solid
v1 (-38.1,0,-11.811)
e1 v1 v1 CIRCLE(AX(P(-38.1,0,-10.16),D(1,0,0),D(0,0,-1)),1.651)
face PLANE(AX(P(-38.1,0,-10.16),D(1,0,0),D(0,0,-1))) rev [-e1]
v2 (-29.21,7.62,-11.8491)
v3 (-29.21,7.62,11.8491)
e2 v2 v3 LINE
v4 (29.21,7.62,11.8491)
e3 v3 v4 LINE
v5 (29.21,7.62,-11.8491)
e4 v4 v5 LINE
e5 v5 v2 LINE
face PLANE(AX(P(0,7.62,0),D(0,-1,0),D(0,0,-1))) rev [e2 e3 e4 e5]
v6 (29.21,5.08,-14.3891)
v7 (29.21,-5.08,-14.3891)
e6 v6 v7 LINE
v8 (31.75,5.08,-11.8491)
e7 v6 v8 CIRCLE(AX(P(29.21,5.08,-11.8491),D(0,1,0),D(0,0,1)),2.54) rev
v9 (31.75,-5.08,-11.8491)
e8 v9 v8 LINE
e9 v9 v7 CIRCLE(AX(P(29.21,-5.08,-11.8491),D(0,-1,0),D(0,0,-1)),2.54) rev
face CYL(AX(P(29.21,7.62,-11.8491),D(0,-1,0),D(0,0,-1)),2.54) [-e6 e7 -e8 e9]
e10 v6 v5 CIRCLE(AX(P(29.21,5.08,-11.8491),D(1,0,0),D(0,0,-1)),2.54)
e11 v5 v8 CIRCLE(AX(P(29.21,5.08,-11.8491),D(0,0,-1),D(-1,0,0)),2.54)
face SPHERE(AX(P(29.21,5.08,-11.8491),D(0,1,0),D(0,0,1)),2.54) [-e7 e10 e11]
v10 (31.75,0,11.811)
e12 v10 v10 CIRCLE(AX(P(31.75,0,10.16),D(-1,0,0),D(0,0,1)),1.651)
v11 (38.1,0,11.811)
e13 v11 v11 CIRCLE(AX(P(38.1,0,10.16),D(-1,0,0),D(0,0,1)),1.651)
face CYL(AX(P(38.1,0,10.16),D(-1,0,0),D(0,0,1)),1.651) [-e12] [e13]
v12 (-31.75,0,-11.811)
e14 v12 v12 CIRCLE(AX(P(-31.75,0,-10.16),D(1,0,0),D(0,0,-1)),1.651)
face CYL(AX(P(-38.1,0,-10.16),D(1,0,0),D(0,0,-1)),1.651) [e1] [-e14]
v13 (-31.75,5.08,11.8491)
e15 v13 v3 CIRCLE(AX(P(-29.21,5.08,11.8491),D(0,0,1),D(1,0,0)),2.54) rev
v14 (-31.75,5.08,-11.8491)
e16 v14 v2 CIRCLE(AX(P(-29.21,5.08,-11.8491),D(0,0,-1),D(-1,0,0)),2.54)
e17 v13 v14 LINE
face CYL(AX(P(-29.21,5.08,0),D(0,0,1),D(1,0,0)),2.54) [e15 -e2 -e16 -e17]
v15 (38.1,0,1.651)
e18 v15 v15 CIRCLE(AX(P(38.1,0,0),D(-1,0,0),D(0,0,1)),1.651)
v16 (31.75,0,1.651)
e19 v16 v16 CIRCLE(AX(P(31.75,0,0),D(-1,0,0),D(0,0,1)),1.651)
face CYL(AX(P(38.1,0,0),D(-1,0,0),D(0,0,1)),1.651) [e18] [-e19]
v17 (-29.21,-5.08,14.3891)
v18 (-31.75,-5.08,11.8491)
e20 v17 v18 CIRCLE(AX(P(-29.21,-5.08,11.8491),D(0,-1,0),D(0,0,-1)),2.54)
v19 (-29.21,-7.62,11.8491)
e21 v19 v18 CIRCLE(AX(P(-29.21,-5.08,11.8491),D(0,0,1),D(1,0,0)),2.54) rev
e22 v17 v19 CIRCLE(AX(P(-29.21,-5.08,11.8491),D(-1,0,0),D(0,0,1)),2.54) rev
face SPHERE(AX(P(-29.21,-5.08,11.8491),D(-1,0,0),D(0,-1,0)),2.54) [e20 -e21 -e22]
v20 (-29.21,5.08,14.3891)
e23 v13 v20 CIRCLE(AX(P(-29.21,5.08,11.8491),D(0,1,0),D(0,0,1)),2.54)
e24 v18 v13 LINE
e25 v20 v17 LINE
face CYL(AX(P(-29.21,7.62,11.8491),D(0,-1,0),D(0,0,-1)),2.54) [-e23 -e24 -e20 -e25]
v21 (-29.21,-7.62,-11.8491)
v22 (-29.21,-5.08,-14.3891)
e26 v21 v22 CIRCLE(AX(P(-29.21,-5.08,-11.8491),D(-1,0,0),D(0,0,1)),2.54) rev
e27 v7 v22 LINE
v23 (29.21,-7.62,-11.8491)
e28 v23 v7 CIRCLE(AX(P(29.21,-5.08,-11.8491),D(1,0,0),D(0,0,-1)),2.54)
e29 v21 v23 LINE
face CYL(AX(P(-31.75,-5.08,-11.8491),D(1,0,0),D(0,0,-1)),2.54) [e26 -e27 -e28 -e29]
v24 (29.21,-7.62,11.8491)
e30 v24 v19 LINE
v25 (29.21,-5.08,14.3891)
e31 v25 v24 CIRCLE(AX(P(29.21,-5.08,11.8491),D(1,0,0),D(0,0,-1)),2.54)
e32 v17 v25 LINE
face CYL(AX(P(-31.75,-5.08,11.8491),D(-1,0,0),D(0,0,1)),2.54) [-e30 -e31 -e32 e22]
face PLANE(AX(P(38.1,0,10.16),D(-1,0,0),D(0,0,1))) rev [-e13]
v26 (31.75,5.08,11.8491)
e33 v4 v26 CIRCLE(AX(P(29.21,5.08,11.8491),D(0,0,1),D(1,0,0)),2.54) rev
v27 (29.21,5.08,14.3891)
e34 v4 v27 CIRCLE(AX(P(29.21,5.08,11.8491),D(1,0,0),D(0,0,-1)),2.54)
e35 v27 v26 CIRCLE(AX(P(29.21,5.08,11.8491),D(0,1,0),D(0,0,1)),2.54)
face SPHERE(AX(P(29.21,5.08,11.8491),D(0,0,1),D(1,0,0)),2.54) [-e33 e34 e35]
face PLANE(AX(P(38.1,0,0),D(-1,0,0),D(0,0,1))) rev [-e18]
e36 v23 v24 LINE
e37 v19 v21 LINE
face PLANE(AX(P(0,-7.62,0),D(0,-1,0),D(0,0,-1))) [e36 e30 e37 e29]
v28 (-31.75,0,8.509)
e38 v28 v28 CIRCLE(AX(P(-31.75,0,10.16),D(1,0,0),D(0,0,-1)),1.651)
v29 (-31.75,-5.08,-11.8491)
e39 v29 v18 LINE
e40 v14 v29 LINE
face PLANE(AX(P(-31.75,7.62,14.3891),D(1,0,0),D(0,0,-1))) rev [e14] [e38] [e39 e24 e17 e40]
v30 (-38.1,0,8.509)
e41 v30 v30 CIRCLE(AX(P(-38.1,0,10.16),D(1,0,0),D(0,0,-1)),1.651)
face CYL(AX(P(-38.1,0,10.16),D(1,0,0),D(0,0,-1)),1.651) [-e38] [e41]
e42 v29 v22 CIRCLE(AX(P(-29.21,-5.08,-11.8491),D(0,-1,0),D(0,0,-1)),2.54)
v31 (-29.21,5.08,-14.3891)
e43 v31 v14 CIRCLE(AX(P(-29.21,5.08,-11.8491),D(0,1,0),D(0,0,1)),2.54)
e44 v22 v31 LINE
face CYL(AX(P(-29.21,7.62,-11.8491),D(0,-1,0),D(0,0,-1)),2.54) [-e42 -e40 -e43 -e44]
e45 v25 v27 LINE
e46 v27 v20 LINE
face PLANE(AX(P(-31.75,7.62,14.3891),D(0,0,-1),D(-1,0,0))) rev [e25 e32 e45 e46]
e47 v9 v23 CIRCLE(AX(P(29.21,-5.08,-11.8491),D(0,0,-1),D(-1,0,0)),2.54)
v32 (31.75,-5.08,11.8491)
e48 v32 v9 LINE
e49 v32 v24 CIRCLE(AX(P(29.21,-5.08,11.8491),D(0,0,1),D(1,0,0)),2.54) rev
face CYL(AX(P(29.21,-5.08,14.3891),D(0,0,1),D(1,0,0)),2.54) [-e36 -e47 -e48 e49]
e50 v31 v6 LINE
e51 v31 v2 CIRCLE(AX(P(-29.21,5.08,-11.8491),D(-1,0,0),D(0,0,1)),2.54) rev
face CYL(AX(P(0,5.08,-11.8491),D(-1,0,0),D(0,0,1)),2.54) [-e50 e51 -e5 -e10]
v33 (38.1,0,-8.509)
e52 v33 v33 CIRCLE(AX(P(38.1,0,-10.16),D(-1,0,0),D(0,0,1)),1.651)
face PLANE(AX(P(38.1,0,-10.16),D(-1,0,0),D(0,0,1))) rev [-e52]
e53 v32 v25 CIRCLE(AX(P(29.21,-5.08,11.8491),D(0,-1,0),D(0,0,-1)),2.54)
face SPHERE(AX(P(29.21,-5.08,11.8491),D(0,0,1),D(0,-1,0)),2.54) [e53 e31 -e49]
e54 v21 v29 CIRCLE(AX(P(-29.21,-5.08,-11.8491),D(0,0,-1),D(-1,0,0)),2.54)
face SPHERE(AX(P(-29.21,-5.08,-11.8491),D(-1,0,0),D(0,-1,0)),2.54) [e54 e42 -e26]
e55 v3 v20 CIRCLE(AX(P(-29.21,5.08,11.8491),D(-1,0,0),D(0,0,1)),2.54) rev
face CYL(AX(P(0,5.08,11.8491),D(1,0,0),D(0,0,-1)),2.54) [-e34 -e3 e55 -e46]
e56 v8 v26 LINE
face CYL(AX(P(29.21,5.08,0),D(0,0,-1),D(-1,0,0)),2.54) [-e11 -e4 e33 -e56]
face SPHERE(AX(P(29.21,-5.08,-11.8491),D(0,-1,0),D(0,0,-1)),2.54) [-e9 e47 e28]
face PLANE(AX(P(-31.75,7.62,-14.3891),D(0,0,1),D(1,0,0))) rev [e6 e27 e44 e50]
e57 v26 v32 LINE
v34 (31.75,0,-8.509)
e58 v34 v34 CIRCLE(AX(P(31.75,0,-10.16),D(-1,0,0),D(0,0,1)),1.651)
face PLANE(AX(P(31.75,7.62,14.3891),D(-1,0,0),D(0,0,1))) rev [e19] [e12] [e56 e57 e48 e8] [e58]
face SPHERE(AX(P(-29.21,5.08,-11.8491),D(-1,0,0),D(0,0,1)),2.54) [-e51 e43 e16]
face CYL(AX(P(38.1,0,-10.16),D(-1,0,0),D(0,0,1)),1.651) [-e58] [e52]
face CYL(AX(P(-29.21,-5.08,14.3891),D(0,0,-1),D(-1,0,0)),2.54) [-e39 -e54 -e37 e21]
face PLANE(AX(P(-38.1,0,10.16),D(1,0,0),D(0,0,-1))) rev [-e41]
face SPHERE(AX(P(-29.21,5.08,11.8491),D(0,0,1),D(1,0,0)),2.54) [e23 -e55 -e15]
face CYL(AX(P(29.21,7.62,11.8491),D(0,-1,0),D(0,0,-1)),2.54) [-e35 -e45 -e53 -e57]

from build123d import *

# Parameters (mm, degrees)
SKETCH1_W           = 63.5
SKETCH1_H           = 28.7782
BOSS_EXTRUDE1_DEPTH = 7.62
FILLET1_R           = 2.54
BOSS_EXTRUDE2_START = 31.75
SKETCH2_R           = 1.651
BOSS_EXTRUDE2_DEPTH = 6.35
BOSS_EXTRUDE3_START = -31.75
SKETCH2_2_R         = 1.651
BOSS_EXTRUDE3_DEPTH = 6.35


with BuildPart() as part:
    # Sketch1 → Boss-Extrude1 (new body, symmetric)
    with BuildSketch(Plane(origin=(0, 0, 0), x_dir=(1, 0, 0), z_dir=(0, 1, 0))):
        Rectangle(SKETCH1_W, SKETCH1_H)
    extrude(amount=BOSS_EXTRUDE1_DEPTH, both=True)

    # Fillet1
    fillet1_edges = [part.edges().sort_by_distance(p)[0] for p in [
        (-31.75, 7.62, 0),
        (0, 7.62, 14.3891),
        (31.75, 7.62, 0),
        (0, -7.62, 14.3891),
        (-31.75, -7.62, 0),
        (0, -7.62, -14.3891),
        (31.75, -7.62, 0),
        (31.75, 0, 14.3891),
        (-31.75, 0, 14.3891),
        (-31.75, 0, -14.3891),
        (31.75, 0, -14.3891),
        (0, 7.62, -14.3891),
    ]]
    fillet(fillet1_edges, radius=FILLET1_R)

    # Sketch2 → Boss-Extrude2 (add)
    with BuildSketch(Plane(origin=(0, 0, 0), x_dir=(0, 0, -1), z_dir=(1, 0, 0)).offset(BOSS_EXTRUDE2_START)):
        Circle(SKETCH2_R)
        with Locations((10.16, 0)):
            Circle(SKETCH2_R)
        with Locations((-10.16, 0)):
            Circle(SKETCH2_R)
    extrude(amount=BOSS_EXTRUDE2_DEPTH)

    # Sketch2<2> → Boss-Extrude3 (add)
    with BuildSketch(Plane(origin=(0, 0, 0), x_dir=(0, 0, -1), z_dir=(1, 0, 0)).offset(BOSS_EXTRUDE3_START)):
        with Locations((10.16, 0)):
            Circle(SKETCH2_2_R)
        with Locations((-10.16, 0)):
            Circle(SKETCH2_2_R)
    extrude(amount=-BOSS_EXTRUDE3_DEPTH)


solid = part.part
